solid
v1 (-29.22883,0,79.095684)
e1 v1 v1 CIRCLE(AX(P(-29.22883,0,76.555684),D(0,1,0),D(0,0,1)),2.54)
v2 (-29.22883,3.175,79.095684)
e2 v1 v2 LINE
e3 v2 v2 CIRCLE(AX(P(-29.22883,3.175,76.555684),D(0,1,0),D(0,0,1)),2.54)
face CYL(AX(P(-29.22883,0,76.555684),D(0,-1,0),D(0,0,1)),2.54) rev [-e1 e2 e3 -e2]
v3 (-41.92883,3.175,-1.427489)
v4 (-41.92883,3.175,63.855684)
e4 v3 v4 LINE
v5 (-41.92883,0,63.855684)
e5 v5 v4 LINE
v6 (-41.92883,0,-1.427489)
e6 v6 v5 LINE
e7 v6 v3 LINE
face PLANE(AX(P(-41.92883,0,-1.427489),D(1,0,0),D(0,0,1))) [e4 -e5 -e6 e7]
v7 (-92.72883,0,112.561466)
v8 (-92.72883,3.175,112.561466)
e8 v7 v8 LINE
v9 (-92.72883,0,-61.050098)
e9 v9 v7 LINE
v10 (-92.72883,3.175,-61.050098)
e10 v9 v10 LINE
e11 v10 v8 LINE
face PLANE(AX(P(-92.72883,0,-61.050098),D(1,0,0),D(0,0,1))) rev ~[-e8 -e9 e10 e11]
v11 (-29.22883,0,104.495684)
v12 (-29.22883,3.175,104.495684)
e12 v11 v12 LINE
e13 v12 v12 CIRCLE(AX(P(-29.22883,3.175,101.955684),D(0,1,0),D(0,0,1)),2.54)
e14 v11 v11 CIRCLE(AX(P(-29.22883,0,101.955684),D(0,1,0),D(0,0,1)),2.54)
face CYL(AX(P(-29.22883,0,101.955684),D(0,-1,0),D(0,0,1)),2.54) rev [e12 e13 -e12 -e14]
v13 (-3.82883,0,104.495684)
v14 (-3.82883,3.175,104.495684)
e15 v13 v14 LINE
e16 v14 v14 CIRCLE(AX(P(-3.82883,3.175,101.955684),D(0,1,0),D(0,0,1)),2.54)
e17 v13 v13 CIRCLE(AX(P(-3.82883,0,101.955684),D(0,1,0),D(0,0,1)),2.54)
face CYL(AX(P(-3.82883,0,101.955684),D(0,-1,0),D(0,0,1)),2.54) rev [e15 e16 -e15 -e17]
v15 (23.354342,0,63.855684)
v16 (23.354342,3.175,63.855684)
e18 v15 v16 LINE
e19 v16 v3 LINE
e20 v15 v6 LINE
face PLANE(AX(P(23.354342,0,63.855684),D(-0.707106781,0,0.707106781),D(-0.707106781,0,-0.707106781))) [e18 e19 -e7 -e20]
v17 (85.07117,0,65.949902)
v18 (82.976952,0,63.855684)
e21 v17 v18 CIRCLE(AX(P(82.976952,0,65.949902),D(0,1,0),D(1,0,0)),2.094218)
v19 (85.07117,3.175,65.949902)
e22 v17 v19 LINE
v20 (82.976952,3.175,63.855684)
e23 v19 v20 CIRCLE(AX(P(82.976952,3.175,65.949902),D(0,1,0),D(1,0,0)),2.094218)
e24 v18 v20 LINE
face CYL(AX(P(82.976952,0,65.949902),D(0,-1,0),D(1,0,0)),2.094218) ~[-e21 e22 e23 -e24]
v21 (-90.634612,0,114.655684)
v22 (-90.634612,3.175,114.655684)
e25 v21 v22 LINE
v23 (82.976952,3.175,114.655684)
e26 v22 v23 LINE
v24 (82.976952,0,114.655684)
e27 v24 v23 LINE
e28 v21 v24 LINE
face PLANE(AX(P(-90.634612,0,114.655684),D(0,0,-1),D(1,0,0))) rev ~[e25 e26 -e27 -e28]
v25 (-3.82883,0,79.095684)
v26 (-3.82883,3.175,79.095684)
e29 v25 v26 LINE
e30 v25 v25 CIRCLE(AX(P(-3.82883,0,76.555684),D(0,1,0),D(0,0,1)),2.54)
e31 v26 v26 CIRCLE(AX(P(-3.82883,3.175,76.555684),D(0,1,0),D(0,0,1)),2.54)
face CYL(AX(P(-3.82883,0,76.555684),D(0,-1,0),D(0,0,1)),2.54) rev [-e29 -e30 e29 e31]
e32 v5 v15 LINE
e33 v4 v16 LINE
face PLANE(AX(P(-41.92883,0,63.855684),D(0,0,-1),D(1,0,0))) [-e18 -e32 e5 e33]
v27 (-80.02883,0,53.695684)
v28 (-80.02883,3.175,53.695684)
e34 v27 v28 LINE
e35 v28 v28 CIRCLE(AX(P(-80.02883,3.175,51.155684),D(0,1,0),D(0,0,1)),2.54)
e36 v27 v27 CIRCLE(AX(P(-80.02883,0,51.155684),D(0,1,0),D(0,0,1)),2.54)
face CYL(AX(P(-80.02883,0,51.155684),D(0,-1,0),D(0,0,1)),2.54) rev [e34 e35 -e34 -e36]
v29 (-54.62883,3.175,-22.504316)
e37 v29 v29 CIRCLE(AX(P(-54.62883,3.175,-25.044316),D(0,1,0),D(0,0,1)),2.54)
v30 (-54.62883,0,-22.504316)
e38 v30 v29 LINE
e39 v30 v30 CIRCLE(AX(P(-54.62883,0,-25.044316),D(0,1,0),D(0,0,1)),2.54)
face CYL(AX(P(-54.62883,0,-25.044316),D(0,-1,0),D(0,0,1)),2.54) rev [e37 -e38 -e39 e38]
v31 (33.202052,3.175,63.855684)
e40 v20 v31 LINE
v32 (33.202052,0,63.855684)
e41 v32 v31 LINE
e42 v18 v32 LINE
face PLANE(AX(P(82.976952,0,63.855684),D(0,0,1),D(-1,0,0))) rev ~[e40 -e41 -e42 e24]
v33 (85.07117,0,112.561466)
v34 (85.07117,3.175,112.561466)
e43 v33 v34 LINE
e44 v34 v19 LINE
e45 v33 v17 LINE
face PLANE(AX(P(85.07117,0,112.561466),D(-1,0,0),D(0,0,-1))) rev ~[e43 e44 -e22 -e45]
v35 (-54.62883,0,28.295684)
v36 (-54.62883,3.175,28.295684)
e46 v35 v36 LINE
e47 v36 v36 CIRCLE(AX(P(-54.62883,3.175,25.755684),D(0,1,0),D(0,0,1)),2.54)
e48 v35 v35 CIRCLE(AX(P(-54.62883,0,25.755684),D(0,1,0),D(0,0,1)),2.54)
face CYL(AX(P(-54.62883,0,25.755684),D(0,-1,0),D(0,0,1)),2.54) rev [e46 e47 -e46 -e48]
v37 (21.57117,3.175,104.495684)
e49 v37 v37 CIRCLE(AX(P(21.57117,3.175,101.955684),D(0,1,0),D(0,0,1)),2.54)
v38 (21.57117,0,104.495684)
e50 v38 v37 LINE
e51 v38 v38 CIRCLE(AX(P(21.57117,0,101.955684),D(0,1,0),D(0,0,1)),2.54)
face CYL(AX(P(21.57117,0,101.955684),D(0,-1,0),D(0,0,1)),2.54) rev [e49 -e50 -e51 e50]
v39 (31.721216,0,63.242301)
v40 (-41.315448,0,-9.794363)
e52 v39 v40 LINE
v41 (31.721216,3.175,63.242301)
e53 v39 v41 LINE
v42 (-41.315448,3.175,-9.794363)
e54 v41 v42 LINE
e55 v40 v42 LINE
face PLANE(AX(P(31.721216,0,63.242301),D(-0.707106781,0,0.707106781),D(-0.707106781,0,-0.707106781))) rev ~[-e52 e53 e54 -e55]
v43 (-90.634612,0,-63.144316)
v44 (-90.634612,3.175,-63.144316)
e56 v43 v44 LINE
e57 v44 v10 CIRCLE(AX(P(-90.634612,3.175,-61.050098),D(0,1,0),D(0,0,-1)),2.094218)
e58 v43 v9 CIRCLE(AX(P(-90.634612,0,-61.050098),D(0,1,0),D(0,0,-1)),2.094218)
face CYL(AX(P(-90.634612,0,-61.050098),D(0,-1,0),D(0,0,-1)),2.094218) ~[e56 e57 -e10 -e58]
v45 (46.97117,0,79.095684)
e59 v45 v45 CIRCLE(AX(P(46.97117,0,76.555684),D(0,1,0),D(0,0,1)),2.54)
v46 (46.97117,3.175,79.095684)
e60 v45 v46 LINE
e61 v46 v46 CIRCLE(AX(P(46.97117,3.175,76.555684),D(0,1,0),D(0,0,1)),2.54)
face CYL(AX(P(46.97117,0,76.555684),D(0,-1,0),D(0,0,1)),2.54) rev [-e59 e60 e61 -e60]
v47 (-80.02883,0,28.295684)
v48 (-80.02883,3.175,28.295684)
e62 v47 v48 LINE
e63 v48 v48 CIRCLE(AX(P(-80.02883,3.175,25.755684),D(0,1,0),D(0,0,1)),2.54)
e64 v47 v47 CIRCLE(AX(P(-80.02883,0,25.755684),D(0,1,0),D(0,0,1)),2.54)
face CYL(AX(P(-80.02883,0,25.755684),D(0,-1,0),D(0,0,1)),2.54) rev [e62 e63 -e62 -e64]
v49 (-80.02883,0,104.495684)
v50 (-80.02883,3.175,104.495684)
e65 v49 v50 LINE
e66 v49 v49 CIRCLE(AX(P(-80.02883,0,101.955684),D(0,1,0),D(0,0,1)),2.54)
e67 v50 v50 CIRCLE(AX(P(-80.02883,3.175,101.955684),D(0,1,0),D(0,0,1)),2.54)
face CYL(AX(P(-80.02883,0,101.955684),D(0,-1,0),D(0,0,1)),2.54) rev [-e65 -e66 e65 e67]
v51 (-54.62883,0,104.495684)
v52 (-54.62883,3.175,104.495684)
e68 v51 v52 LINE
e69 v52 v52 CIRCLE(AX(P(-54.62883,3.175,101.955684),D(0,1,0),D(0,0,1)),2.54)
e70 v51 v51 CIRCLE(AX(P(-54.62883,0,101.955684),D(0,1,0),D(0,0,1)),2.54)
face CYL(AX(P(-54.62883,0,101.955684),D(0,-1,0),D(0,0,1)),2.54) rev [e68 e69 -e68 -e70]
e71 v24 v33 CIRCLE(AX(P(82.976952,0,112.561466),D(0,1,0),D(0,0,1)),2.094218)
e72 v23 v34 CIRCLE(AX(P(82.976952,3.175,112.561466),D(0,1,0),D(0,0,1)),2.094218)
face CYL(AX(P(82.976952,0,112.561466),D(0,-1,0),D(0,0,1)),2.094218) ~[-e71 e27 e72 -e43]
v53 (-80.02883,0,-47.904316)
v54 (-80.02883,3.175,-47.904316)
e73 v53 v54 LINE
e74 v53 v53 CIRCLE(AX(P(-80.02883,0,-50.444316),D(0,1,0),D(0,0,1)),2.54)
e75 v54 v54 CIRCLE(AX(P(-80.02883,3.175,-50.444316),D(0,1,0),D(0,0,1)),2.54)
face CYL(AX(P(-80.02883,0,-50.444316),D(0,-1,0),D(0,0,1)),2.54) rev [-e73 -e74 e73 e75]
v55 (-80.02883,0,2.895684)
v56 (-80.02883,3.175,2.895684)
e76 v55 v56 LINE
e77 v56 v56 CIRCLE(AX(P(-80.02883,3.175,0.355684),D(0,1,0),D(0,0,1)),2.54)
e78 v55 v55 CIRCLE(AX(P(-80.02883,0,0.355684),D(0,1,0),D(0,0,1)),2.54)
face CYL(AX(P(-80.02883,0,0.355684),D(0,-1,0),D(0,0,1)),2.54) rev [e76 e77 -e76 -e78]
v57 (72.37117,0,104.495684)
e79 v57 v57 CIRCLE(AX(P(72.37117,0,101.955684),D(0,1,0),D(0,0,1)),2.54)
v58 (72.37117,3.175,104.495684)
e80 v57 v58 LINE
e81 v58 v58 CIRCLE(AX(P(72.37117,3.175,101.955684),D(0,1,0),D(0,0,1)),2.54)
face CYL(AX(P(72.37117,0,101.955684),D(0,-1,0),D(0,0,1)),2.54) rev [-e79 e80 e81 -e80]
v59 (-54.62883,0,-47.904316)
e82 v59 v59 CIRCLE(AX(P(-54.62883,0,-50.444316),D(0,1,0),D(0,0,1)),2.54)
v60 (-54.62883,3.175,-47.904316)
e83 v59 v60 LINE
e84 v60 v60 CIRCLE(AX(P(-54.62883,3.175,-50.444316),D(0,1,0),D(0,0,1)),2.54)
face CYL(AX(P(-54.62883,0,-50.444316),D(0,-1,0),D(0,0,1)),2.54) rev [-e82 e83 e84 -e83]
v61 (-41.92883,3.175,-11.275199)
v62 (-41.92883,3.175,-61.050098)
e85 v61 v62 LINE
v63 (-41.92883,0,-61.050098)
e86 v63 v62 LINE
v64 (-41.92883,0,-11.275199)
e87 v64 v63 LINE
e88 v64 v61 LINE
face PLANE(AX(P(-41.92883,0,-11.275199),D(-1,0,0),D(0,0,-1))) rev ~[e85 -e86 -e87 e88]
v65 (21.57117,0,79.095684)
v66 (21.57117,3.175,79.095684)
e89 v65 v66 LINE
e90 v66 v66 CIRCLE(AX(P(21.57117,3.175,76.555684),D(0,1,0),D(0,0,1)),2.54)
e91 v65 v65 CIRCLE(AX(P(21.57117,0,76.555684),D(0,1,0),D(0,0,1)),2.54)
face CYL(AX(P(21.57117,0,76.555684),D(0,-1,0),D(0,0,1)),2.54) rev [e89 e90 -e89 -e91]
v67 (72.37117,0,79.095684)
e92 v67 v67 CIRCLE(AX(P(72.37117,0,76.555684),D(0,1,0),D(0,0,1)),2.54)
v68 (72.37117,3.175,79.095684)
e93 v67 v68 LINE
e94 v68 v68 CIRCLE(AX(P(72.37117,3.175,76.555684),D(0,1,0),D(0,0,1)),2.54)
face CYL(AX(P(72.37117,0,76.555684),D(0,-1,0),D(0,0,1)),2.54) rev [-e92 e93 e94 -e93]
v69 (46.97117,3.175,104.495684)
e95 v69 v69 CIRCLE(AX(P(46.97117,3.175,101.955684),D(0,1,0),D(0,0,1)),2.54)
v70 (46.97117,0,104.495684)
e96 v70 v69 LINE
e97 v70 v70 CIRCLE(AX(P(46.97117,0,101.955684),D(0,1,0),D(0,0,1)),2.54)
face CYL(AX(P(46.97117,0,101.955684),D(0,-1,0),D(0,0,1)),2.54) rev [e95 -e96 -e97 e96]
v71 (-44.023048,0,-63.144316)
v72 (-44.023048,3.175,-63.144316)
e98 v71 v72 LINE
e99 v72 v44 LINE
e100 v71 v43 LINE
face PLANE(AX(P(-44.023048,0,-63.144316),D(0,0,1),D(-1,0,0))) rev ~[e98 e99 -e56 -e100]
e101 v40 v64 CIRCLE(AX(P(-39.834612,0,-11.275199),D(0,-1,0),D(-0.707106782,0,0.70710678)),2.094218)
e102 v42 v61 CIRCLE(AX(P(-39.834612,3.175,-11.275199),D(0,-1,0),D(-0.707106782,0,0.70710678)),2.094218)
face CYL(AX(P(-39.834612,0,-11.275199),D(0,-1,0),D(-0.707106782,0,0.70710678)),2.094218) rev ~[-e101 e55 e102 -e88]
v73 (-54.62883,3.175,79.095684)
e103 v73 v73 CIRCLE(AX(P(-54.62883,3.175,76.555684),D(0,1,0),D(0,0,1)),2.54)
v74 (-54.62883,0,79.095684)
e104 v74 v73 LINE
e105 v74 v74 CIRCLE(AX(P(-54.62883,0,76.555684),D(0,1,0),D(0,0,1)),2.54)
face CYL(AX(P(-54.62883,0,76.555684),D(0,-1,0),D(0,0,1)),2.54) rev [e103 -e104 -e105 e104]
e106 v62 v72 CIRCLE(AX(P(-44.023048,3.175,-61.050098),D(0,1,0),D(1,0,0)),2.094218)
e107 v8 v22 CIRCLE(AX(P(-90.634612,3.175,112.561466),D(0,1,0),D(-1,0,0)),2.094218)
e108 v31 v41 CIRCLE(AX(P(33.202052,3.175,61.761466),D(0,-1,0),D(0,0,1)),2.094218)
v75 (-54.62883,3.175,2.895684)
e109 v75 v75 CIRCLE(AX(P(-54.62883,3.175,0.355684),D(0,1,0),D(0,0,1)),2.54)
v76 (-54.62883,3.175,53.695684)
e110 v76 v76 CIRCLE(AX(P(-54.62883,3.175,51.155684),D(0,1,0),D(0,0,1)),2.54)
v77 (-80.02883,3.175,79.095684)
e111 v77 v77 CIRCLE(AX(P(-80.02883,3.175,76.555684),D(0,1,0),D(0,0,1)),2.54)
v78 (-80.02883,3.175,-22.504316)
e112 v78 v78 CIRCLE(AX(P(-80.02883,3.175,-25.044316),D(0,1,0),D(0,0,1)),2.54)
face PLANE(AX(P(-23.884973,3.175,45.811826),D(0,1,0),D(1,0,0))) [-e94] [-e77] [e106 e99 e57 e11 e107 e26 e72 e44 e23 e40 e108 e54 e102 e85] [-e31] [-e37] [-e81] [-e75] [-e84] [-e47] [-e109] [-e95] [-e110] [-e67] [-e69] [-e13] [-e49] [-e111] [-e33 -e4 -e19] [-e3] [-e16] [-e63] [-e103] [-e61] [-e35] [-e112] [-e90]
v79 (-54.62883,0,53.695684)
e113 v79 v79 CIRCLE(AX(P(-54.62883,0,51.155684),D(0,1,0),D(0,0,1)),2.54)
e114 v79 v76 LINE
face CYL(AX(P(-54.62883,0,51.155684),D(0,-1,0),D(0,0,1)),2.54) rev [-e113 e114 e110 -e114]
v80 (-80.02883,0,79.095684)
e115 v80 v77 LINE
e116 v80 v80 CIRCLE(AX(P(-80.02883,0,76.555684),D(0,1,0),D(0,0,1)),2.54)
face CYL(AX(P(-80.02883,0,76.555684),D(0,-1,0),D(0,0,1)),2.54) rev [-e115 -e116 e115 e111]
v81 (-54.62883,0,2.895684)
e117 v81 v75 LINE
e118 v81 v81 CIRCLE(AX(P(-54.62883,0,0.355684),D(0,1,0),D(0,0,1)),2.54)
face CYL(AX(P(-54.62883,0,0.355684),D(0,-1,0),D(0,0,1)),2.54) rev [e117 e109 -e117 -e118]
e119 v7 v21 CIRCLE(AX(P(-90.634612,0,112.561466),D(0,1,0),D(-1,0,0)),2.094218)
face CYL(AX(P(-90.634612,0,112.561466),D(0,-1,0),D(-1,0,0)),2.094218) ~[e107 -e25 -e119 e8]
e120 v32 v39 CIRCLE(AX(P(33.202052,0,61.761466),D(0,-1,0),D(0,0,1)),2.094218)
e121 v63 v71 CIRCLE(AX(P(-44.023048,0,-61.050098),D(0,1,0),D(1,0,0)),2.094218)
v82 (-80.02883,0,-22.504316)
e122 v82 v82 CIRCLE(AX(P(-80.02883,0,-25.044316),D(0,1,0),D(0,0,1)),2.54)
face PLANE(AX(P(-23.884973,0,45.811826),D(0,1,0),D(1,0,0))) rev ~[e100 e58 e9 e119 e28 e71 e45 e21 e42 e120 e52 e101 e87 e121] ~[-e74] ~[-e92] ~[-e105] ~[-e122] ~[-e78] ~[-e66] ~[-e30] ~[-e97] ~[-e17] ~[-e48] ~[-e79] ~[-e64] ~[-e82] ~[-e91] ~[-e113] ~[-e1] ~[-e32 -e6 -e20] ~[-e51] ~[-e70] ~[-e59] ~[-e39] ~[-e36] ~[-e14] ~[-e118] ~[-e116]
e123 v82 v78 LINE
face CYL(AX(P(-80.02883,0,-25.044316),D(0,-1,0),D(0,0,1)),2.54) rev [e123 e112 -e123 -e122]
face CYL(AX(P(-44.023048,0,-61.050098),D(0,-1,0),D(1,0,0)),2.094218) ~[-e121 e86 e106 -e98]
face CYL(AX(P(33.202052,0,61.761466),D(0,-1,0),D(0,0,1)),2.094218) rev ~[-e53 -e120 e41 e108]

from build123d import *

# Parameters (mm, degrees)
SKETCH1_R           = 2.54
BOSS_EXTRUDE1_DEPTH = 3.175


with BuildPart() as part:
    # Sketch1 → Boss-Extrude1 (new body)
    with BuildSketch(Plane(origin=(0, 0, 0), x_dir=(1, 0, 0), z_dir=(0, 1, 0))):
        with BuildLine():
            Line((-92.728830313, 61.050098366), (-92.728830313, -112.561465747))
            ThreePointArc((-92.728830313, -112.561465747), (-92.115448079, -114.042301456), (-90.63461237, -114.65568369))
            Line((-90.63461237, -114.65568369), (82.976951744, -114.65568369))
            ThreePointArc((82.976951744, -114.65568369), (84.457787453, -114.042301456), (85.071169687, -112.561465747))
            Line((85.071169687, -112.561465747), (85.071169687, -65.949901634))
            ThreePointArc((85.071169687, -65.949901634), (84.457787453, -64.469065925), (82.976951744, -63.85568369))
            Line((82.976951744, -63.85568369), (33.202051993, -63.85568369))
            ThreePointArc((33.202051993, -63.85568369), (32.400629482, -63.696270841), (31.721216284, -63.242301456))
            Line((31.721216284, -63.242301456), (-41.315448079, 9.794362906))
            ThreePointArc((-41.315448079, 9.794362906), (-41.769417464, 10.473776105), (-41.928830313, 11.275198615))
            Line((-41.928830313, 11.275198615), (-41.928830313, 61.050098366))
            ThreePointArc((-41.928830313, 61.050098366), (-42.542212547, 62.530934075), (-44.023048256, 63.14431631))
            Line((-44.023048256, 63.14431631), (-90.63461237, 63.14431631))
            ThreePointArc((-90.63461237, 63.14431631), (-92.115448079, 62.530934075), (-92.728830313, 61.050098366))
        make_face()
        with Locations(Location((-80.028830313, 50.44431631, 0), (0, 0, 270))):
            Circle(SKETCH1_R, mode=Mode.SUBTRACT)
        with Locations(Location((-54.628830313, 50.44431631, 0), (0, 0, 270))):
            Circle(SKETCH1_R, mode=Mode.SUBTRACT)
        with Locations(Location((-54.628830313, 25.04431631, 0), (0, 0, 270))):
            Circle(SKETCH1_R, mode=Mode.SUBTRACT)
        with Locations(Location((-54.628830313, -0.35568369, 0), (0, 0, 270))):
            Circle(SKETCH1_R, mode=Mode.SUBTRACT)
        with Locations(Location((-54.628830313, -25.75568369, 0), (0, 0, 270))):
            Circle(SKETCH1_R, mode=Mode.SUBTRACT)
        with Locations(Location((-54.628830313, -51.15568369, 0), (0, 0, 270))):
            Circle(SKETCH1_R, mode=Mode.SUBTRACT)
        with Locations(Location((-80.028830313, 25.04431631, 0), (0, 0, 270))):
            Circle(SKETCH1_R, mode=Mode.SUBTRACT)
        with Locations(Location((-80.028830313, -0.35568369, 0), (0, 0, 270))):
            Circle(SKETCH1_R, mode=Mode.SUBTRACT)
        with Locations(Location((-80.028830313, -25.75568369, 0), (0, 0, 270))):
            Circle(SKETCH1_R, mode=Mode.SUBTRACT)
        with Locations(Location((-80.028830313, -51.15568369, 0), (0, 0, 270))):
            Circle(SKETCH1_R, mode=Mode.SUBTRACT)
        with Locations(Location((-80.028830313, -76.55568369, 0), (0, 0, 270))):
            Circle(SKETCH1_R, mode=Mode.SUBTRACT)
        with Locations(Location((-54.628830313, -76.55568369, 0), (0, 0, 270))):
            Circle(SKETCH1_R, mode=Mode.SUBTRACT)
        with Locations(Location((-80.028830313, -101.95568369, 0), (0, 0, 270))):
            Circle(SKETCH1_R, mode=Mode.SUBTRACT)
        with Locations(Location((-54.628830313, -101.95568369, 0), (0, 0, 270))):
            Circle(SKETCH1_R, mode=Mode.SUBTRACT)
        with Locations(Location((-29.228830313, -101.95568369, 0), (0, 0, 270))):
            Circle(SKETCH1_R, mode=Mode.SUBTRACT)
        with Locations(Location((-3.828830313, -101.95568369, 0), (0, 0, 270))):
            Circle(SKETCH1_R, mode=Mode.SUBTRACT)
        with Locations(Location((21.571169687, -101.95568369, 0), (0, 0, 270))):
            Circle(SKETCH1_R, mode=Mode.SUBTRACT)
        with Locations(Location((46.971169687, -101.95568369, 0), (0, 0, 270))):
            Circle(SKETCH1_R, mode=Mode.SUBTRACT)
        with Locations(Location((72.371169687, -101.95568369, 0), (0, 0, 270))):
            Circle(SKETCH1_R, mode=Mode.SUBTRACT)
        with Locations(Location((-3.828830313, -76.55568369, 0), (0, 0, 270))):
            Circle(SKETCH1_R, mode=Mode.SUBTRACT)
        with Locations(Location((21.571169687, -76.55568369, 0), (0, 0, 270))):
            Circle(SKETCH1_R, mode=Mode.SUBTRACT)
        with Locations(Location((46.971169687, -76.55568369, 0), (0, 0, 270))):
            Circle(SKETCH1_R, mode=Mode.SUBTRACT)
        with Locations(Location((72.371169687, -76.55568369, 0), (0, 0, 270))):
            Circle(SKETCH1_R, mode=Mode.SUBTRACT)
        with Locations(Location((-29.228830313, -76.55568369, 0), (0, 0, 270))):
            Circle(SKETCH1_R, mode=Mode.SUBTRACT)
        Polygon((-41.928830313, 1.42748902), (-41.928830313, -63.85568369), (23.354342397, -63.85568369), align=None, mode=Mode.SUBTRACT)
    extrude(amount=BOSS_EXTRUDE1_DEPTH)


solid = part.part
